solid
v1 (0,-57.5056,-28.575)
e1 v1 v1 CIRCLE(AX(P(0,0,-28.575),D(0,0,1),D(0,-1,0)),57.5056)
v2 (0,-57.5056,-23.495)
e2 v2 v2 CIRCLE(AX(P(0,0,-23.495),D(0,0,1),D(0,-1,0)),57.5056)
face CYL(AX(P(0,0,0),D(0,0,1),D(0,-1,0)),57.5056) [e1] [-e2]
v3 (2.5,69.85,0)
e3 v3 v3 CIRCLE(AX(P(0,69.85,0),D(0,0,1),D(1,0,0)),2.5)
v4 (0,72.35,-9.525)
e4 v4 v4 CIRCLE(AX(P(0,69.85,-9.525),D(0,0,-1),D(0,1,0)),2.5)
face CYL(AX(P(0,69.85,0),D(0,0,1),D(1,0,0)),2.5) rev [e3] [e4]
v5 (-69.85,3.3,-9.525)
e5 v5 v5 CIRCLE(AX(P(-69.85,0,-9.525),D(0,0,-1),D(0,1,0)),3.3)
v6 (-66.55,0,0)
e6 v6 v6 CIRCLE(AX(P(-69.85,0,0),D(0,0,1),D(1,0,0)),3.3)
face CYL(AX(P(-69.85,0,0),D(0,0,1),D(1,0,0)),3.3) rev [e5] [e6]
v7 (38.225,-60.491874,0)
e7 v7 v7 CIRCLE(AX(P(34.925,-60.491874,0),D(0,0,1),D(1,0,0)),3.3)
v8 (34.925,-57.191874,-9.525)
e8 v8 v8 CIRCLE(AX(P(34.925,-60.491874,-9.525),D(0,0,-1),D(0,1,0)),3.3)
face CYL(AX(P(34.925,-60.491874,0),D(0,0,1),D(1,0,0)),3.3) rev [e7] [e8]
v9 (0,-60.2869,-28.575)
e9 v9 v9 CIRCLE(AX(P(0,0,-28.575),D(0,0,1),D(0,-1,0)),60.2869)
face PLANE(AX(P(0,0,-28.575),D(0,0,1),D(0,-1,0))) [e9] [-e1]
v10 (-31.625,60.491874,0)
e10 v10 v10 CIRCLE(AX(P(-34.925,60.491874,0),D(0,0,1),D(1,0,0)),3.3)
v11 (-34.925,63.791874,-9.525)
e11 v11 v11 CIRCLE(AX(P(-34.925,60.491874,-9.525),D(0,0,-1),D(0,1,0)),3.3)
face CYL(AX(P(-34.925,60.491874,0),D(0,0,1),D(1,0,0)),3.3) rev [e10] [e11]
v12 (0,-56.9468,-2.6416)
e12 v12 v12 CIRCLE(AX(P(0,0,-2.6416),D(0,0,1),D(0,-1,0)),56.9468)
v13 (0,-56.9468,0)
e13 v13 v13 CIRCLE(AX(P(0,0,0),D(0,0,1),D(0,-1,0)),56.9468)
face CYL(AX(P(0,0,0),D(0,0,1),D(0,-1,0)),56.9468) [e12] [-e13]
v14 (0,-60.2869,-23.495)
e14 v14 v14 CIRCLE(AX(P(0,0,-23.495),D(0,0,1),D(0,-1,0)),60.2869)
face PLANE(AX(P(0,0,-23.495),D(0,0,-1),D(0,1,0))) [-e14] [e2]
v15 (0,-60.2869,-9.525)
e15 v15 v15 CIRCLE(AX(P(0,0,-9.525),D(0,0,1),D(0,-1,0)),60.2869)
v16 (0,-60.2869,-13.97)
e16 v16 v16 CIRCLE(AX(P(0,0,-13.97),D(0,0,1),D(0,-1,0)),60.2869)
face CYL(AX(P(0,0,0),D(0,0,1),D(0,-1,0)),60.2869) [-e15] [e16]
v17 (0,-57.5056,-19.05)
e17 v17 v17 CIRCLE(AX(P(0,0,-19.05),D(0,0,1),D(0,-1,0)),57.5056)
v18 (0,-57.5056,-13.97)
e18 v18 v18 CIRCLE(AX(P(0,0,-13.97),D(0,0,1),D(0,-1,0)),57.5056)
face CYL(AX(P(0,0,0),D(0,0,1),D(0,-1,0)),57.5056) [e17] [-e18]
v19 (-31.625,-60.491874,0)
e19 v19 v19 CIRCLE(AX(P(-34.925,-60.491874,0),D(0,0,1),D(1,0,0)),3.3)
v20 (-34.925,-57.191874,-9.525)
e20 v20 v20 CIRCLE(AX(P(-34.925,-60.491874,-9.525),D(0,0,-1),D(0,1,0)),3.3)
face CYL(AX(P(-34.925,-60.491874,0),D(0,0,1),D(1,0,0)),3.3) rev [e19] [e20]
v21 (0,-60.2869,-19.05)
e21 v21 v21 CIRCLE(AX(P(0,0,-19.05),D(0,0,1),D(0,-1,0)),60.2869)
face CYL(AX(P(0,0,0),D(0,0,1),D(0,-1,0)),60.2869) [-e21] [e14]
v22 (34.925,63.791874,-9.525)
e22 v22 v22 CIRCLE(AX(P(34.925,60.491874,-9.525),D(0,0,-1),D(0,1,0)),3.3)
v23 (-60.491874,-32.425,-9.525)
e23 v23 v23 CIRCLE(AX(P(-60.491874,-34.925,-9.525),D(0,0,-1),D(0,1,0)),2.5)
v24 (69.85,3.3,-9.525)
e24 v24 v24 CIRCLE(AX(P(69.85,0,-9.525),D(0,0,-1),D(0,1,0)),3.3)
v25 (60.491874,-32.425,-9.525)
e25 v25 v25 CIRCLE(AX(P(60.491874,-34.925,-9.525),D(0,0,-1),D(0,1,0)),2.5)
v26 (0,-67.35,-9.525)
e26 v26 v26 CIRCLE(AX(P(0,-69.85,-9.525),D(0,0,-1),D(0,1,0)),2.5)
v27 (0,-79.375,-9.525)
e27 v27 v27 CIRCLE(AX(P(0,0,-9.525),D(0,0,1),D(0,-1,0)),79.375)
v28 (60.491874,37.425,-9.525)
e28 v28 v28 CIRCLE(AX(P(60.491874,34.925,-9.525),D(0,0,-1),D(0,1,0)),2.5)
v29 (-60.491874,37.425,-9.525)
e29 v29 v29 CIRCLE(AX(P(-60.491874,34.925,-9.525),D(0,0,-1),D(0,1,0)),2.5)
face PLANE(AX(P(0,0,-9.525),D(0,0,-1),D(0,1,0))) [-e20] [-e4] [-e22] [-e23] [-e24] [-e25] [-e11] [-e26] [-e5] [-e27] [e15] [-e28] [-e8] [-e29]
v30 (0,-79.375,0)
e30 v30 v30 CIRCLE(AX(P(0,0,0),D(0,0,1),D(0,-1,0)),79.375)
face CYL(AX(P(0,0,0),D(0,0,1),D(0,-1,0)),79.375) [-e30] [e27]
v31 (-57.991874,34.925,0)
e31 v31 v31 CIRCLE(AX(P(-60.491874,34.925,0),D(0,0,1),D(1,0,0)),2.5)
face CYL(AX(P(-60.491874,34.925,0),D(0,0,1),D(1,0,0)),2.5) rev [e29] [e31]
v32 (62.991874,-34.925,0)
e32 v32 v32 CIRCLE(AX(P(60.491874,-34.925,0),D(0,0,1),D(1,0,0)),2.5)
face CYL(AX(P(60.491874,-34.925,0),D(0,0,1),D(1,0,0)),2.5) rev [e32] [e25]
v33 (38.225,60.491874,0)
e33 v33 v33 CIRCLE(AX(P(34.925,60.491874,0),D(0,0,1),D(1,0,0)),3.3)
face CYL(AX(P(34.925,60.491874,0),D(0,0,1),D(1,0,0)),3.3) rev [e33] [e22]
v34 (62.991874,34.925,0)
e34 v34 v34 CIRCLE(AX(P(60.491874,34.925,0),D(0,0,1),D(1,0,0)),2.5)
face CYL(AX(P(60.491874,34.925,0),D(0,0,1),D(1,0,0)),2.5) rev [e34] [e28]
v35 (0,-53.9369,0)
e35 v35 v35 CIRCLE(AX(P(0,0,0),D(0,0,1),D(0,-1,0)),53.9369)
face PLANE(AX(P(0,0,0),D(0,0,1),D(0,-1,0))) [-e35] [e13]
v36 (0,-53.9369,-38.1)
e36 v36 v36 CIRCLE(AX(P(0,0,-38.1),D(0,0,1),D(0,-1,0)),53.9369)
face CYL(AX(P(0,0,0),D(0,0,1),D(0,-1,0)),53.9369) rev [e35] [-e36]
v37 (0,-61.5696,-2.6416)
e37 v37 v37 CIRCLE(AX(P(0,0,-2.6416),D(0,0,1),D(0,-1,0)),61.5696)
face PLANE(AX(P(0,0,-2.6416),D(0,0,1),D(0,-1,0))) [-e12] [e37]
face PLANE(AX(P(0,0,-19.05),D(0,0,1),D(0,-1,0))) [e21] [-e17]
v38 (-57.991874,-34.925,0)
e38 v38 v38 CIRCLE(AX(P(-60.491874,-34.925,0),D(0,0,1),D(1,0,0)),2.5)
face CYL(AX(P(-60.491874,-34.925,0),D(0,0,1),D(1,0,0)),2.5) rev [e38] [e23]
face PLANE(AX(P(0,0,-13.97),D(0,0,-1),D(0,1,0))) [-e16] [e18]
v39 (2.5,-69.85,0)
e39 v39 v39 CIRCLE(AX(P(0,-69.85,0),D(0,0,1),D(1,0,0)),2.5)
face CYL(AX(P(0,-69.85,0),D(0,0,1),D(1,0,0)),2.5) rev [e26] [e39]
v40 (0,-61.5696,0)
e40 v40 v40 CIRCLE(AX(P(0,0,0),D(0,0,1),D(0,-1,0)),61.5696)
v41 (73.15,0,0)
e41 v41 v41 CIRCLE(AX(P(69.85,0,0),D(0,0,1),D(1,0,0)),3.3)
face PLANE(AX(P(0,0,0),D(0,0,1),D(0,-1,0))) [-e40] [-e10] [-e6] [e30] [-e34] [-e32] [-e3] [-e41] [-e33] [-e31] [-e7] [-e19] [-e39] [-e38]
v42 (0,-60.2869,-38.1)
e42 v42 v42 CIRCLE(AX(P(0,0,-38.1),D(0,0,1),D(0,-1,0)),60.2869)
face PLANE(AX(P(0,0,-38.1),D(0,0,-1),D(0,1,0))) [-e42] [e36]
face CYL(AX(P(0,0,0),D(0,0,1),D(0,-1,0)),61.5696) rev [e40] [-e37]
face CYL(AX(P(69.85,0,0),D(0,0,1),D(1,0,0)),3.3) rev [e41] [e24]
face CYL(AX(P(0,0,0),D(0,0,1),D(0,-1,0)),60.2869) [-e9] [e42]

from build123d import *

# Parameters (mm, degrees)
SKETCH1_W            = 2.6416
SKETCH1_H            = 4.6228
SKETCH1_W_2          = 9.525
SKETCH1_H_2          = 53.9369
SKETCH1_4_W          = 9.525
SKETCH1_4_H          = 53.9369
SKETCH1_4_W_2        = 2.6416
SKETCH1_4_H_2        = 4.6228
M6_TAPPED_HOLE1_D    = 5
M6_CLEARANCE_HOLE1_D = 6.6


with BuildPart() as part:
    # Sketch1 → Revolve1 (revolve)
    with BuildSketch(Plane(origin=(0, 0, 0), x_dir=(0, 0, -1), z_dir=(1, 0, 0)), mode=Mode.PRIVATE) as revolve1_sk:
        Polygon((0, 61.5696), (0, 79.375), (9.525, 79.375), (9.525, 60.2869), (13.97, 60.2869), (13.97, 57.5056), (19.05, 57.5056), (19.05, 60.2869), (23.495, 60.2869), (23.495, 57.5056), (28.575, 57.5056), (28.575, 60.2869), (38.1, 60.2869), (38.1, 53.9369), (9.525, 53.9369), (0, 53.9369), (0, 56.9468), (2.6416, 56.9468), (2.6416, 61.5696), align=None)
        with Locations((1.3208, 59.2582)):
            Rectangle(SKETCH1_W, SKETCH1_H)
        with Locations((4.7625, 26.96845)):
            Rectangle(SKETCH1_W_2, SKETCH1_H_2)
    revolve(revolve1_sk.sketch.rotate(Axis((0, 0, 0), (0, 0, -1)), 180), axis=Axis((0, 0, 0), (0, 0, -1)))

    # Sketch1<4> → Cut-Revolve1 (revolve, cut)
    with BuildSketch(Plane(origin=(0, 0, 0), x_dir=(0, 0, -1), z_dir=(1, 0, 0)), mode=Mode.PRIVATE) as cut_revolve1_sk:
        with Locations((4.7625, 26.96845)):
            Rectangle(SKETCH1_4_W, SKETCH1_4_H)
        with Locations((1.3208, 59.2582)):
            Rectangle(SKETCH1_4_W_2, SKETCH1_4_H_2)
    revolve(cut_revolve1_sk.sketch.rotate(Axis((0, 0, 0), (0, 0, -1)), 180), axis=Axis((0, 0, 0), (0, 0, -1)), mode=Mode.SUBTRACT)

    # M6 Tapped Hole1 (through all)
    with Locations(Plane.XY):
        with Locations((-60.491874454, 34.925), (0, 69.85), (60.491874454, 34.925), (60.491874454, -34.925), (0, -69.85), (-60.491874454, -34.925)):
            Hole(M6_TAPPED_HOLE1_D / 2)

    # M6 Clearance Hole1 (through all)
    with Locations(Plane.XY):
        with Locations((-69.85, 0), (0, 0), (-34.925, 60.491874454), (34.925, 60.491874454), (69.85, 0), (34.925, -60.491874454), (-34.925, -60.491874454)):
            Hole(M6_CLEARANCE_HOLE1_D / 2)


solid = part.part
